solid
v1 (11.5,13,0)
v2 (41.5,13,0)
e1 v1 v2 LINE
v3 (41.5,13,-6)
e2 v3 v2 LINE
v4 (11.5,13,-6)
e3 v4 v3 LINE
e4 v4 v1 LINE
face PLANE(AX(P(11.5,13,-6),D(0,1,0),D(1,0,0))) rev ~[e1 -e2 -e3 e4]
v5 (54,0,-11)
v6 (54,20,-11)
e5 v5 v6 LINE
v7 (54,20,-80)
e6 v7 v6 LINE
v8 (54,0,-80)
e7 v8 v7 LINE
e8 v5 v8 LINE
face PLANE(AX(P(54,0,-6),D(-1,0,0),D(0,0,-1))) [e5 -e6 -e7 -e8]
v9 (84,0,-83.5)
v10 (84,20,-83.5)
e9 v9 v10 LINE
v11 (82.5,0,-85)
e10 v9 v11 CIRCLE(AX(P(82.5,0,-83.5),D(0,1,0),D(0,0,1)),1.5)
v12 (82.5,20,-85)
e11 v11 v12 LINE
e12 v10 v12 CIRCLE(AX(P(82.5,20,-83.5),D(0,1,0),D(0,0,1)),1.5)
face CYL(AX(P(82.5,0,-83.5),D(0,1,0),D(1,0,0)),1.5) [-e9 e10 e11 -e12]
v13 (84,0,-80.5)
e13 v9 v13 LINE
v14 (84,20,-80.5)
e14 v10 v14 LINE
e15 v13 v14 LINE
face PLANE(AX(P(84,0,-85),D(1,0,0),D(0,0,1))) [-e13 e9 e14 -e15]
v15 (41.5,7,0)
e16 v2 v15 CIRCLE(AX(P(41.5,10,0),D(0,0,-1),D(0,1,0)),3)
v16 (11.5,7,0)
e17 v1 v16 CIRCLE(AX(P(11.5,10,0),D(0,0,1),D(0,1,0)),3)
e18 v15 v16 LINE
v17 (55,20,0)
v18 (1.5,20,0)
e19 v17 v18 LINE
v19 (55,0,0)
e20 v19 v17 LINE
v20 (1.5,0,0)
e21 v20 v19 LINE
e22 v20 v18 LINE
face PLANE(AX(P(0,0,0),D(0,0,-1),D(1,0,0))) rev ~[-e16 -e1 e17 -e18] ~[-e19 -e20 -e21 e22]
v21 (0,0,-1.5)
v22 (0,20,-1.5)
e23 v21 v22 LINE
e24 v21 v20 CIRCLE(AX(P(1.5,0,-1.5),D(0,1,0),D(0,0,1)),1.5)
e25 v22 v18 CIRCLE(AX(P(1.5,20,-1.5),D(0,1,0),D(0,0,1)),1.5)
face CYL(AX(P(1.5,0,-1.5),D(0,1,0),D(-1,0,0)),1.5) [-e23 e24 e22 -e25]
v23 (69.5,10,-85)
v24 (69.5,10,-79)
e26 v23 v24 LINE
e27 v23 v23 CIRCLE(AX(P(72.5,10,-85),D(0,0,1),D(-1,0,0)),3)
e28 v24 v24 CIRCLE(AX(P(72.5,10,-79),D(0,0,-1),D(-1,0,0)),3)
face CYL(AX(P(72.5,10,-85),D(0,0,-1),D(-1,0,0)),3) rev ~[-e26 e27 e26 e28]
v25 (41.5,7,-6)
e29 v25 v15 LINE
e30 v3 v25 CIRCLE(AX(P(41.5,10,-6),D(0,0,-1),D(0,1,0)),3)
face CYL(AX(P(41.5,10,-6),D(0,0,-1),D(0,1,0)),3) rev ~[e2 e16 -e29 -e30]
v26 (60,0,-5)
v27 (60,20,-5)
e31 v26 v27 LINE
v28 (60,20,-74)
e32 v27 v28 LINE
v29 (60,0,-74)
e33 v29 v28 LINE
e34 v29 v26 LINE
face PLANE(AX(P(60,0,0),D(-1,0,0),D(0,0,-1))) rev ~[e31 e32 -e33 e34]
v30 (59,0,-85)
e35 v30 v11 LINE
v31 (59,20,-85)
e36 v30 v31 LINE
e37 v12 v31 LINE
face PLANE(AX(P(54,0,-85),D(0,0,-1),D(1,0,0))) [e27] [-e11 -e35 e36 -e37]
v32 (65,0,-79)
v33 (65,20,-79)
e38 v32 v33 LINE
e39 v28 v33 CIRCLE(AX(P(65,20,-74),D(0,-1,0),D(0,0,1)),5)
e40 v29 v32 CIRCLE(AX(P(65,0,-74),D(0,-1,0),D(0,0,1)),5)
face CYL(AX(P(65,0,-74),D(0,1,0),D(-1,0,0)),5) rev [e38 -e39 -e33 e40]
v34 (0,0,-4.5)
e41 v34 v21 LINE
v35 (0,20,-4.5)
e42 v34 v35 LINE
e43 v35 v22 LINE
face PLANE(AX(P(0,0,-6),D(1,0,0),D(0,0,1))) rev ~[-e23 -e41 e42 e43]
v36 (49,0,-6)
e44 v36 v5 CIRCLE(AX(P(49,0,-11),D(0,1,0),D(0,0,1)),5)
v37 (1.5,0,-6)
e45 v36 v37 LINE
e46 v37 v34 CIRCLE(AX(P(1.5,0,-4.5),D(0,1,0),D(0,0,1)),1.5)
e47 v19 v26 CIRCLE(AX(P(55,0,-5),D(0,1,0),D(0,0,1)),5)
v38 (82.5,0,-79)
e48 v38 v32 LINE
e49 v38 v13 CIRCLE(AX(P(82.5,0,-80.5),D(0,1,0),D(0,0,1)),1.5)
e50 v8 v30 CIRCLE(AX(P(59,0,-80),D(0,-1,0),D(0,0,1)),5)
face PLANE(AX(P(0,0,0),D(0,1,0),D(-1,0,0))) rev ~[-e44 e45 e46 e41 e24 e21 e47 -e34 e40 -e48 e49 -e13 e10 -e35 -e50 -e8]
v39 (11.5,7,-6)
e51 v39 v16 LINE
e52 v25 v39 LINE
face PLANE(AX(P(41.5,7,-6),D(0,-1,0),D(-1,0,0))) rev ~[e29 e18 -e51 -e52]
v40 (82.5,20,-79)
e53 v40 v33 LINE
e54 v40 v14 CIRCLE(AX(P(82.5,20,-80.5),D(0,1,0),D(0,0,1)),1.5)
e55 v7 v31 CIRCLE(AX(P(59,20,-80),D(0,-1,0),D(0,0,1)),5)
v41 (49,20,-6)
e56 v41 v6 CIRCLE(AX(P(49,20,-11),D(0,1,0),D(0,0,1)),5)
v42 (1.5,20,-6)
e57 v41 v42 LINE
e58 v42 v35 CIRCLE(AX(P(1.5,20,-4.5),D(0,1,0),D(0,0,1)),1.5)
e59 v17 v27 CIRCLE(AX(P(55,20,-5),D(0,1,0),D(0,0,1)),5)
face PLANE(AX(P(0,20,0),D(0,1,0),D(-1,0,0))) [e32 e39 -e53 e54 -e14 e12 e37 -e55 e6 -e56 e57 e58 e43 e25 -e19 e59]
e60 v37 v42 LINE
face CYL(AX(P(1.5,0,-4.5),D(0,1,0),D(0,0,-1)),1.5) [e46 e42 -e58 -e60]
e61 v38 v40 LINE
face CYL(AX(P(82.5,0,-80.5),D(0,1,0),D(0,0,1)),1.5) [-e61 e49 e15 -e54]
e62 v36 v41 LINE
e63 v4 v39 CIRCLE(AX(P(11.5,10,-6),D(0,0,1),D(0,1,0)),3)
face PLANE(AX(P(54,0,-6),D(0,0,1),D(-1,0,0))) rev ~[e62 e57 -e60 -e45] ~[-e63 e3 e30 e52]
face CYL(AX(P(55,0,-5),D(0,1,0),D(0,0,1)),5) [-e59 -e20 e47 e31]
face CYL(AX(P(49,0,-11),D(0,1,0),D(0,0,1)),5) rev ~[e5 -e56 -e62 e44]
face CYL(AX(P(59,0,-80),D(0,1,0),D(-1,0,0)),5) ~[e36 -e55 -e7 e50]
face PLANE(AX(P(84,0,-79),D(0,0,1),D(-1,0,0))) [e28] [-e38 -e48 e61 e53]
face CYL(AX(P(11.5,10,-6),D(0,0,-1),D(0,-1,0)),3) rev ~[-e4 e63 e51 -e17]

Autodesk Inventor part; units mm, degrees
ref_plane "YZ Plane" through (0, 0, 0) normal (1, 0, 0) x (0, 1, 0)
ref_plane "XZ Plane" through (0, 0, 0) normal (0, 1, 0) x (-1, 0, 0)
ref_plane "XY Plane" through (0, 0, 0) normal (0, 0, 1) x (1, 0, 0)
sketch "Sketch1" plane through (0, 0, 0) normal (0, 1, 0) x (-1, 0, 0)
  line L0 (0, 0) -> (-60, 0)
  line L1 (-60, 0) -> (-60, -6)
  line L2 (-60, -6) -> (0, -6)
  line L3 (0, -6) -> (0, 0)
  line L4 (-60, 0) -> (-54, 0)
  line L5 (-54, 0) -> (-54, -85)
  line L6 (-54, -85) -> (-60, -85)
  line L7 (-60, -85) -> (-60, 0)
  line L8 (-54, -85) -> (-84, -85)
  line L9 (-84, -85) -> (-84, -79)
  line L10 (-84, -79) -> (-54, -79)
  line L11 (-54, -79) -> (-54, -85)
  point P0 (-60, -79)
  point P1 (-54, -6)
  dimension "d2" = 60
  dimension "d3" = 6
  dimension "d4" = 6
  dimension "d5" = 85
  dimension "d6" = 30
  dimension "d7" = 6
extrude "Extrusion1" add sketch "Sketch1" along normal blind 20
fillet "Fillet1" radius 5 4 edges at (54, 10, -6) (60, 10, 0) (60, 10, -79) (54, 10, -85)
fillet "Fillet2" radius 1.5 4 edges at (0, 10, -6) (0, 10, 0) (84, 10, -85) (84, 10, -79)
sketch "Sketch2" plane through (49, 0, -6) normal (0, 0, -1) x (-1, 0, 0)
  line L0 (47.5, 0) -> (47.5, 20) projected
  line L1 (47.5, 10) -> (22.5, 10)
  line L2 (0, 0) -> (0, 20) projected
  line L3 (7.5, 10) -> (37.5, 10) construction
  line L4 (7.5, 7) -> (37.5, 7)
  line L5 (37.5, 13) -> (7.5, 13)
  arc A0 (7.5, 13) -> (7.5, 7) centre (7.5, 10) ccw
  arc A1 (37.5, 7) -> (37.5, 13) centre (37.5, 10) ccw
  point P0 (49, 0)
  dimension "d12" = 25
  dimension "d13" = 15
  dimension "d14" = 6
extrude "Extrusion2" cut sketch "Sketch2" against normal through all
sketch "Sketch3" plane through (59, 0, -85) normal (0, 0, -1) x (-1, 0, 0)
  line L0 (-23.5, 0) -> (-23.5, 20) projected
  line L1 (-23.5, 10) -> (-13.5, 10)
  line L2 (0, 20) -> (0, 0) projected
  circle A0 centre (-13.5, 10) radius 3
  point P0 (59, 0)
  dimension "d17" = 10
  dimension "d18" = 6
extrude "Extrusion3" cut sketch "Sketch3" against normal through all
properties part number "PowerBrick_Clamp"
